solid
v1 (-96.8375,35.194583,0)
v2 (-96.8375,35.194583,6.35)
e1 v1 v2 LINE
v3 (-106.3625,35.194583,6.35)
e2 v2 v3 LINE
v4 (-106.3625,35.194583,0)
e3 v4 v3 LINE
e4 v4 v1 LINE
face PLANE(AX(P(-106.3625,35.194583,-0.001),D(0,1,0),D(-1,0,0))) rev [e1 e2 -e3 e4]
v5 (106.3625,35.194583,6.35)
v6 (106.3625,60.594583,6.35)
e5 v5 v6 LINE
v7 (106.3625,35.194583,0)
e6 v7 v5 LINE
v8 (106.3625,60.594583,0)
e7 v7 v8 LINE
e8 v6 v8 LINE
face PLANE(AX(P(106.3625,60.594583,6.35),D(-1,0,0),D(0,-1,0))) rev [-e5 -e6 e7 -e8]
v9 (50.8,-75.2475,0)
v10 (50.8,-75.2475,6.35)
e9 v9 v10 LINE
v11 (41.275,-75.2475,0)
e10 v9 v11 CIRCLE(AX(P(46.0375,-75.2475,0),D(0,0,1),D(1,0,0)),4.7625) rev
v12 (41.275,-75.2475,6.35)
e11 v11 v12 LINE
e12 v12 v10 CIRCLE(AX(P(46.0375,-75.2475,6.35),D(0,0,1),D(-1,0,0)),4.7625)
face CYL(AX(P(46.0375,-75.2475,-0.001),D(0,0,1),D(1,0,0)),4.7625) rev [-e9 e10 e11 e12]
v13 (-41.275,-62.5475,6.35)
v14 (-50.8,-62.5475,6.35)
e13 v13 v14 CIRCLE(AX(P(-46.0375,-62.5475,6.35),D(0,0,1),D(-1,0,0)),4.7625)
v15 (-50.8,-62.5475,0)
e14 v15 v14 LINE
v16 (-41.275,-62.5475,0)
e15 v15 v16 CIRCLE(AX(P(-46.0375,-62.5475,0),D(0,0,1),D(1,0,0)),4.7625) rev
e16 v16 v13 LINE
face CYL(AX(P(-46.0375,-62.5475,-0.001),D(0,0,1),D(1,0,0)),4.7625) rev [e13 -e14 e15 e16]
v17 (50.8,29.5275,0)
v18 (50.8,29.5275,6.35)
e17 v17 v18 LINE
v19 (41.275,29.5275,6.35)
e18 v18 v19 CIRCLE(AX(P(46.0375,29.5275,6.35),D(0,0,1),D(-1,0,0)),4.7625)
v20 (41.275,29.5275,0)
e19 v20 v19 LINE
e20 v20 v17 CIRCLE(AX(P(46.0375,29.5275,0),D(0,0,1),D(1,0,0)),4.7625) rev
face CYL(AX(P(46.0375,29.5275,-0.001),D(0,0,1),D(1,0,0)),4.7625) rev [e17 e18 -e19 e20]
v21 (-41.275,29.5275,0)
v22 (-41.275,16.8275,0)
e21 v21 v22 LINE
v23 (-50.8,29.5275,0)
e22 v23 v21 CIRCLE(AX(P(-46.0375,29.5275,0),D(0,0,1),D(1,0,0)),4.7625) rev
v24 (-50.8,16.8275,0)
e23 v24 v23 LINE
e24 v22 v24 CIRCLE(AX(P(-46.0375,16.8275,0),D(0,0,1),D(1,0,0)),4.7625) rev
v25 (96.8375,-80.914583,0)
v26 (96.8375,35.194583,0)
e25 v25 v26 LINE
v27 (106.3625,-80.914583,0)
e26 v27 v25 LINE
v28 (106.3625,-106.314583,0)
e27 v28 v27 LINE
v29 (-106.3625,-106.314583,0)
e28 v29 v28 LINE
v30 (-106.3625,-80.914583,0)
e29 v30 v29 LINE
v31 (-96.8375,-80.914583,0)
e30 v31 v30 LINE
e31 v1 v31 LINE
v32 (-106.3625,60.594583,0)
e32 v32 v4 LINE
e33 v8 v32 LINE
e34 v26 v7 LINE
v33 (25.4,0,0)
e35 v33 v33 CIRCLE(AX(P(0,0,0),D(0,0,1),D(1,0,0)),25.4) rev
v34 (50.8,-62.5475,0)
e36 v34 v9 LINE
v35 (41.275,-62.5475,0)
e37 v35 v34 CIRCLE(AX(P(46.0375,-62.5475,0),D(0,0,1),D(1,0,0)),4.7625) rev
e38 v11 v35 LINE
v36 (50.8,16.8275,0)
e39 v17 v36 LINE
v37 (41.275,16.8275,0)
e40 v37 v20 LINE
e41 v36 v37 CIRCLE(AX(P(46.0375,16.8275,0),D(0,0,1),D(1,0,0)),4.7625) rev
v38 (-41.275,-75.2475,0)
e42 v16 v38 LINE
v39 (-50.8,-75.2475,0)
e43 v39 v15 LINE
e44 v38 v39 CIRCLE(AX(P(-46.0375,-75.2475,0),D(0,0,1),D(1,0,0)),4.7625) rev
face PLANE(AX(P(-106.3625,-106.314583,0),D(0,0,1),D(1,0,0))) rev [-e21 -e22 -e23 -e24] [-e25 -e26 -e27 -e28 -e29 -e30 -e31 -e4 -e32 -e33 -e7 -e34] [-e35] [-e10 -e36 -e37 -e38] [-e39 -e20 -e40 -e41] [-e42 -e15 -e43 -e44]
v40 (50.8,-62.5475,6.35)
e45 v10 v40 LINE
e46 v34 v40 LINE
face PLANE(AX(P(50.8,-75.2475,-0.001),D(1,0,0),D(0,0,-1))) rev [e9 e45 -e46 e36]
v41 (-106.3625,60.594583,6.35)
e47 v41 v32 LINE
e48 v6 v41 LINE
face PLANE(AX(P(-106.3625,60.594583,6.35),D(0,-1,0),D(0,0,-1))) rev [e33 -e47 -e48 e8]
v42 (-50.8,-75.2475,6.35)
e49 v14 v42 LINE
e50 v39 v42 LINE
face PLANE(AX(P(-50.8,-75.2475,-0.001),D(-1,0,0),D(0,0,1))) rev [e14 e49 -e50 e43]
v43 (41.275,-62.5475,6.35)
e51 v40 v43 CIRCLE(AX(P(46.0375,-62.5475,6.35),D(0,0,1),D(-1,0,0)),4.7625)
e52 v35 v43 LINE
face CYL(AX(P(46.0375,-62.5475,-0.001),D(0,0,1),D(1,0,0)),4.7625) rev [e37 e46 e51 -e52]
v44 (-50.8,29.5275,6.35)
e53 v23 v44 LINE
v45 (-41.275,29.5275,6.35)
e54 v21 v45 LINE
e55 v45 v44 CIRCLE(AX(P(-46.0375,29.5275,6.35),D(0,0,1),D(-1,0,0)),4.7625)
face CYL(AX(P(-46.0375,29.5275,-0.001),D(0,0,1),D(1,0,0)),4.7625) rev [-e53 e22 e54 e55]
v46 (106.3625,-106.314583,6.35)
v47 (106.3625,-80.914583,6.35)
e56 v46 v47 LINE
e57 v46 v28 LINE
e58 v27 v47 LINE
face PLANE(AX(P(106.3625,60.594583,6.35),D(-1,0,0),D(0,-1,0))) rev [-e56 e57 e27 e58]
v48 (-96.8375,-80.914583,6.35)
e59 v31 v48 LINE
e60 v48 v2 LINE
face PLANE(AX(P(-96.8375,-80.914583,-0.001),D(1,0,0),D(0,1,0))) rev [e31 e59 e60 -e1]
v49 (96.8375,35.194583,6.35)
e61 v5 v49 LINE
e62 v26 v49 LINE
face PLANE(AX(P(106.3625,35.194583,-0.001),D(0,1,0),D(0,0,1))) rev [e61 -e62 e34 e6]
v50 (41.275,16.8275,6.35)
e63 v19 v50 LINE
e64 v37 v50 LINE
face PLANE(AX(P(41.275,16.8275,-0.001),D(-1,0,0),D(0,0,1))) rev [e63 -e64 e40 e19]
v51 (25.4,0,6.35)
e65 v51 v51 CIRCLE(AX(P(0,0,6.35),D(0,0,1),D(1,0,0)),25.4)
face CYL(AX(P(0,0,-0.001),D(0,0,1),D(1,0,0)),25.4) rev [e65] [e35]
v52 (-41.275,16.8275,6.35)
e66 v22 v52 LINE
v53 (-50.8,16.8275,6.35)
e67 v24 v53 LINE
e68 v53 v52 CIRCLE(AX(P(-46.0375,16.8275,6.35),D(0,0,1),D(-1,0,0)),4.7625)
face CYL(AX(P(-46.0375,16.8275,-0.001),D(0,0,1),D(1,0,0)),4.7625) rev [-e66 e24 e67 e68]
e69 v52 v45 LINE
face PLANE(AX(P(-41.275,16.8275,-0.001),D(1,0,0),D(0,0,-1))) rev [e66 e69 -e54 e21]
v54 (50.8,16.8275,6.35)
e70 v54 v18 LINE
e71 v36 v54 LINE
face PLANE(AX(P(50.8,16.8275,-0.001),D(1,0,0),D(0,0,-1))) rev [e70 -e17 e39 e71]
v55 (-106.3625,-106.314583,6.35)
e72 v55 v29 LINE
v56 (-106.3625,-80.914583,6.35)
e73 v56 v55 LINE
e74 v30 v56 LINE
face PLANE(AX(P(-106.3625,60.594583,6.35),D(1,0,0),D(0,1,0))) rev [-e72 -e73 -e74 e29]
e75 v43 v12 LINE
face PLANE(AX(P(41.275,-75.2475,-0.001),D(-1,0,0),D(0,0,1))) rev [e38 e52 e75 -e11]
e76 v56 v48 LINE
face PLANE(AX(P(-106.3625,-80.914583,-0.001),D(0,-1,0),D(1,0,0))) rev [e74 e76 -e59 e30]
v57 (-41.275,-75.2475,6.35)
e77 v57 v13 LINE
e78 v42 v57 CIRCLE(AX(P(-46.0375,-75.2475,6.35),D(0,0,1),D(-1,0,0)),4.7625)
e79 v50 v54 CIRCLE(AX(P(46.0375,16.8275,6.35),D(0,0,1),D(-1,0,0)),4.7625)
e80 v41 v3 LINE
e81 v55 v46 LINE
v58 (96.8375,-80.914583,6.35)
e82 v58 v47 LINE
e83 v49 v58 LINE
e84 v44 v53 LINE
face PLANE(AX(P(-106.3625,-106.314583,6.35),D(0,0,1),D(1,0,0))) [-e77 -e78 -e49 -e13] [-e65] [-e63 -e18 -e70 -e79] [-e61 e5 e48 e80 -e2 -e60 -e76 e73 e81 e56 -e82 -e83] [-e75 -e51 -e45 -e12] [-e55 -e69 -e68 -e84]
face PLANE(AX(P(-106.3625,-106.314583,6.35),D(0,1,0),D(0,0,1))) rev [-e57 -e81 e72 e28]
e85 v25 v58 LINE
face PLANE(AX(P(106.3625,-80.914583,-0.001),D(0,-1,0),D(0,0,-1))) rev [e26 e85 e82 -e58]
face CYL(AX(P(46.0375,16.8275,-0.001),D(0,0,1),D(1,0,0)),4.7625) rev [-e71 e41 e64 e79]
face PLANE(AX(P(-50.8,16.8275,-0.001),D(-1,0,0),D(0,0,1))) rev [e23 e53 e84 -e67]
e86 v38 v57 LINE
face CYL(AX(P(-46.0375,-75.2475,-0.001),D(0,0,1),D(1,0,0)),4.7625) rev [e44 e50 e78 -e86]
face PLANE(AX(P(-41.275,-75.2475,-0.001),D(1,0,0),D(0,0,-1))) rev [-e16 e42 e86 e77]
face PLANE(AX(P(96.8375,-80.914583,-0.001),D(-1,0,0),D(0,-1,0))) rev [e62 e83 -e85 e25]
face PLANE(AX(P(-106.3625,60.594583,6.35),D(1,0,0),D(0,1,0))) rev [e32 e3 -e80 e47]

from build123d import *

# Parameters (mm, degrees)
SKETCH2_W          = 212.725
SKETCH2_H          = 166.909166922
EXTRUDE1_DEPTH     = 6.35
CUT_EXTRUDE1_REACH = 152.519
SKETCH3_R          = 25.4
CUT_EXTRUDE2_REACH = 152.519
SKETCH4_W          = 9.525
SKETCH4_H          = 116.109166922


with BuildPart() as part:
    # Sketch2 → Extrude1 (new body)
    with BuildSketch(Plane.XY):
        with Locations((0, -22.86)):
            Rectangle(SKETCH2_W, SKETCH2_H)
    extrude(amount=EXTRUDE1_DEPTH)

    # Sketch3 → Cut-Extrude1 (cut, up to next)
    with BuildSketch(Plane.XY.offset(6.35), mode=Mode.PRIVATE) as cut_extrude1_sk1:
        Circle(SKETCH3_R)
    cut_extrude1_tool1 = extrude(cut_extrude1_sk1.sketch, amount=-CUT_EXTRUDE1_REACH, mode=Mode.PRIVATE) & part.part
    # Sketch3 → Cut-Extrude1 (cut, up to next)
    with BuildSketch(Plane.XY.offset(6.35), mode=Mode.PRIVATE) as cut_extrude1_sk2:
        with BuildLine():
            Line((50.8, -75.2475), (50.8, -62.5475))
            ThreePointArc((50.8, -62.5475), (46.0375, -57.785), (41.275, -62.5475))
            Line((41.275, -62.5475), (41.275, -75.2475))
            ThreePointArc((41.275, -75.2475), (46.0375, -80.01), (50.8, -75.2475))
        make_face()
    cut_extrude1_tool2 = extrude(cut_extrude1_sk2.sketch, amount=-CUT_EXTRUDE1_REACH, mode=Mode.PRIVATE) & part.part
    # Sketch3 → Cut-Extrude1 (cut, up to next)
    with BuildSketch(Plane.XY.offset(6.35), mode=Mode.PRIVATE) as cut_extrude1_sk3:
        with BuildLine():
            Line((50.8, 16.8275), (50.8, 29.5275))
            ThreePointArc((50.8, 29.5275), (46.0375, 34.29), (41.275, 29.5275))
            Line((41.275, 29.5275), (41.275, 16.8275))
            ThreePointArc((41.275, 16.8275), (46.0375, 12.065), (50.8, 16.8275))
        make_face()
    cut_extrude1_tool3 = extrude(cut_extrude1_sk3.sketch, amount=-CUT_EXTRUDE1_REACH, mode=Mode.PRIVATE) & part.part
    # Sketch3 → Cut-Extrude1 (cut, up to next)
    with BuildSketch(Plane.XY.offset(6.35), mode=Mode.PRIVATE) as cut_extrude1_sk4:
        with BuildLine():
            Line((-41.275, 16.8275), (-41.275, 29.5275))
            ThreePointArc((-41.275, 29.5275), (-46.0375, 34.29), (-50.8, 29.5275))
            Line((-50.8, 29.5275), (-50.8, 16.8275))
            ThreePointArc((-50.8, 16.8275), (-46.0375, 12.065), (-41.275, 16.8275))
        make_face()
    cut_extrude1_tool4 = extrude(cut_extrude1_sk4.sketch, amount=-CUT_EXTRUDE1_REACH, mode=Mode.PRIVATE) & part.part
    # Sketch3 → Cut-Extrude1 (cut, up to next)
    with BuildSketch(Plane.XY.offset(6.35), mode=Mode.PRIVATE) as cut_extrude1_sk5:
        with BuildLine():
            Line((-41.275, -75.2475), (-41.275, -62.5475))
            ThreePointArc((-41.275, -62.5475), (-46.0375, -57.785), (-50.8, -62.5475))
            Line((-50.8, -62.5475), (-50.8, -75.2475))
            ThreePointArc((-50.8, -75.2475), (-46.0375, -80.01), (-41.275, -75.2475))
        make_face()
    cut_extrude1_tool5 = extrude(cut_extrude1_sk5.sketch, amount=-CUT_EXTRUDE1_REACH, mode=Mode.PRIVATE) & part.part
    add(cut_extrude1_tool1.solids().sort_by_distance((0, 0, 6.35))[0], mode=Mode.SUBTRACT)
    add(cut_extrude1_tool2.solids().sort_by_distance((46.0375, -68.8975, 6.35))[0], mode=Mode.SUBTRACT)
    add(cut_extrude1_tool3.solids().sort_by_distance((46.0375, 23.1775, 6.35))[0], mode=Mode.SUBTRACT)
    add(cut_extrude1_tool4.solids().sort_by_distance((-46.0375, 23.1775, 6.35))[0], mode=Mode.SUBTRACT)
    add(cut_extrude1_tool5.solids().sort_by_distance((-46.0375, -68.8975, 6.35))[0], mode=Mode.SUBTRACT)

    # Sketch4 → Cut-Extrude2 (cut, up to next)
    with BuildSketch(Plane.XY.offset(6.35), mode=Mode.PRIVATE) as cut_extrude2_sk1:
        with Locations((-101.6, -22.86)):
            Rectangle(SKETCH4_W, SKETCH4_H)
    cut_extrude2_tool1 = extrude(cut_extrude2_sk1.sketch, amount=-CUT_EXTRUDE2_REACH, mode=Mode.PRIVATE) & part.part
    # Sketch4 → Cut-Extrude2 (cut, up to next)
    with BuildSketch(Plane.XY.offset(6.35), mode=Mode.PRIVATE) as cut_extrude2_sk2:
        with Locations((101.6, -22.86)):
            Rectangle(SKETCH4_W, SKETCH4_H)
    cut_extrude2_tool2 = extrude(cut_extrude2_sk2.sketch, amount=-CUT_EXTRUDE2_REACH, mode=Mode.PRIVATE) & part.part
    add(cut_extrude2_tool1.solids().sort_by_distance((-101.6, -22.86, 6.35))[0], mode=Mode.SUBTRACT)
    add(cut_extrude2_tool2.solids().sort_by_distance((101.6, -22.86, 6.35))[0], mode=Mode.SUBTRACT)


solid = part.part
